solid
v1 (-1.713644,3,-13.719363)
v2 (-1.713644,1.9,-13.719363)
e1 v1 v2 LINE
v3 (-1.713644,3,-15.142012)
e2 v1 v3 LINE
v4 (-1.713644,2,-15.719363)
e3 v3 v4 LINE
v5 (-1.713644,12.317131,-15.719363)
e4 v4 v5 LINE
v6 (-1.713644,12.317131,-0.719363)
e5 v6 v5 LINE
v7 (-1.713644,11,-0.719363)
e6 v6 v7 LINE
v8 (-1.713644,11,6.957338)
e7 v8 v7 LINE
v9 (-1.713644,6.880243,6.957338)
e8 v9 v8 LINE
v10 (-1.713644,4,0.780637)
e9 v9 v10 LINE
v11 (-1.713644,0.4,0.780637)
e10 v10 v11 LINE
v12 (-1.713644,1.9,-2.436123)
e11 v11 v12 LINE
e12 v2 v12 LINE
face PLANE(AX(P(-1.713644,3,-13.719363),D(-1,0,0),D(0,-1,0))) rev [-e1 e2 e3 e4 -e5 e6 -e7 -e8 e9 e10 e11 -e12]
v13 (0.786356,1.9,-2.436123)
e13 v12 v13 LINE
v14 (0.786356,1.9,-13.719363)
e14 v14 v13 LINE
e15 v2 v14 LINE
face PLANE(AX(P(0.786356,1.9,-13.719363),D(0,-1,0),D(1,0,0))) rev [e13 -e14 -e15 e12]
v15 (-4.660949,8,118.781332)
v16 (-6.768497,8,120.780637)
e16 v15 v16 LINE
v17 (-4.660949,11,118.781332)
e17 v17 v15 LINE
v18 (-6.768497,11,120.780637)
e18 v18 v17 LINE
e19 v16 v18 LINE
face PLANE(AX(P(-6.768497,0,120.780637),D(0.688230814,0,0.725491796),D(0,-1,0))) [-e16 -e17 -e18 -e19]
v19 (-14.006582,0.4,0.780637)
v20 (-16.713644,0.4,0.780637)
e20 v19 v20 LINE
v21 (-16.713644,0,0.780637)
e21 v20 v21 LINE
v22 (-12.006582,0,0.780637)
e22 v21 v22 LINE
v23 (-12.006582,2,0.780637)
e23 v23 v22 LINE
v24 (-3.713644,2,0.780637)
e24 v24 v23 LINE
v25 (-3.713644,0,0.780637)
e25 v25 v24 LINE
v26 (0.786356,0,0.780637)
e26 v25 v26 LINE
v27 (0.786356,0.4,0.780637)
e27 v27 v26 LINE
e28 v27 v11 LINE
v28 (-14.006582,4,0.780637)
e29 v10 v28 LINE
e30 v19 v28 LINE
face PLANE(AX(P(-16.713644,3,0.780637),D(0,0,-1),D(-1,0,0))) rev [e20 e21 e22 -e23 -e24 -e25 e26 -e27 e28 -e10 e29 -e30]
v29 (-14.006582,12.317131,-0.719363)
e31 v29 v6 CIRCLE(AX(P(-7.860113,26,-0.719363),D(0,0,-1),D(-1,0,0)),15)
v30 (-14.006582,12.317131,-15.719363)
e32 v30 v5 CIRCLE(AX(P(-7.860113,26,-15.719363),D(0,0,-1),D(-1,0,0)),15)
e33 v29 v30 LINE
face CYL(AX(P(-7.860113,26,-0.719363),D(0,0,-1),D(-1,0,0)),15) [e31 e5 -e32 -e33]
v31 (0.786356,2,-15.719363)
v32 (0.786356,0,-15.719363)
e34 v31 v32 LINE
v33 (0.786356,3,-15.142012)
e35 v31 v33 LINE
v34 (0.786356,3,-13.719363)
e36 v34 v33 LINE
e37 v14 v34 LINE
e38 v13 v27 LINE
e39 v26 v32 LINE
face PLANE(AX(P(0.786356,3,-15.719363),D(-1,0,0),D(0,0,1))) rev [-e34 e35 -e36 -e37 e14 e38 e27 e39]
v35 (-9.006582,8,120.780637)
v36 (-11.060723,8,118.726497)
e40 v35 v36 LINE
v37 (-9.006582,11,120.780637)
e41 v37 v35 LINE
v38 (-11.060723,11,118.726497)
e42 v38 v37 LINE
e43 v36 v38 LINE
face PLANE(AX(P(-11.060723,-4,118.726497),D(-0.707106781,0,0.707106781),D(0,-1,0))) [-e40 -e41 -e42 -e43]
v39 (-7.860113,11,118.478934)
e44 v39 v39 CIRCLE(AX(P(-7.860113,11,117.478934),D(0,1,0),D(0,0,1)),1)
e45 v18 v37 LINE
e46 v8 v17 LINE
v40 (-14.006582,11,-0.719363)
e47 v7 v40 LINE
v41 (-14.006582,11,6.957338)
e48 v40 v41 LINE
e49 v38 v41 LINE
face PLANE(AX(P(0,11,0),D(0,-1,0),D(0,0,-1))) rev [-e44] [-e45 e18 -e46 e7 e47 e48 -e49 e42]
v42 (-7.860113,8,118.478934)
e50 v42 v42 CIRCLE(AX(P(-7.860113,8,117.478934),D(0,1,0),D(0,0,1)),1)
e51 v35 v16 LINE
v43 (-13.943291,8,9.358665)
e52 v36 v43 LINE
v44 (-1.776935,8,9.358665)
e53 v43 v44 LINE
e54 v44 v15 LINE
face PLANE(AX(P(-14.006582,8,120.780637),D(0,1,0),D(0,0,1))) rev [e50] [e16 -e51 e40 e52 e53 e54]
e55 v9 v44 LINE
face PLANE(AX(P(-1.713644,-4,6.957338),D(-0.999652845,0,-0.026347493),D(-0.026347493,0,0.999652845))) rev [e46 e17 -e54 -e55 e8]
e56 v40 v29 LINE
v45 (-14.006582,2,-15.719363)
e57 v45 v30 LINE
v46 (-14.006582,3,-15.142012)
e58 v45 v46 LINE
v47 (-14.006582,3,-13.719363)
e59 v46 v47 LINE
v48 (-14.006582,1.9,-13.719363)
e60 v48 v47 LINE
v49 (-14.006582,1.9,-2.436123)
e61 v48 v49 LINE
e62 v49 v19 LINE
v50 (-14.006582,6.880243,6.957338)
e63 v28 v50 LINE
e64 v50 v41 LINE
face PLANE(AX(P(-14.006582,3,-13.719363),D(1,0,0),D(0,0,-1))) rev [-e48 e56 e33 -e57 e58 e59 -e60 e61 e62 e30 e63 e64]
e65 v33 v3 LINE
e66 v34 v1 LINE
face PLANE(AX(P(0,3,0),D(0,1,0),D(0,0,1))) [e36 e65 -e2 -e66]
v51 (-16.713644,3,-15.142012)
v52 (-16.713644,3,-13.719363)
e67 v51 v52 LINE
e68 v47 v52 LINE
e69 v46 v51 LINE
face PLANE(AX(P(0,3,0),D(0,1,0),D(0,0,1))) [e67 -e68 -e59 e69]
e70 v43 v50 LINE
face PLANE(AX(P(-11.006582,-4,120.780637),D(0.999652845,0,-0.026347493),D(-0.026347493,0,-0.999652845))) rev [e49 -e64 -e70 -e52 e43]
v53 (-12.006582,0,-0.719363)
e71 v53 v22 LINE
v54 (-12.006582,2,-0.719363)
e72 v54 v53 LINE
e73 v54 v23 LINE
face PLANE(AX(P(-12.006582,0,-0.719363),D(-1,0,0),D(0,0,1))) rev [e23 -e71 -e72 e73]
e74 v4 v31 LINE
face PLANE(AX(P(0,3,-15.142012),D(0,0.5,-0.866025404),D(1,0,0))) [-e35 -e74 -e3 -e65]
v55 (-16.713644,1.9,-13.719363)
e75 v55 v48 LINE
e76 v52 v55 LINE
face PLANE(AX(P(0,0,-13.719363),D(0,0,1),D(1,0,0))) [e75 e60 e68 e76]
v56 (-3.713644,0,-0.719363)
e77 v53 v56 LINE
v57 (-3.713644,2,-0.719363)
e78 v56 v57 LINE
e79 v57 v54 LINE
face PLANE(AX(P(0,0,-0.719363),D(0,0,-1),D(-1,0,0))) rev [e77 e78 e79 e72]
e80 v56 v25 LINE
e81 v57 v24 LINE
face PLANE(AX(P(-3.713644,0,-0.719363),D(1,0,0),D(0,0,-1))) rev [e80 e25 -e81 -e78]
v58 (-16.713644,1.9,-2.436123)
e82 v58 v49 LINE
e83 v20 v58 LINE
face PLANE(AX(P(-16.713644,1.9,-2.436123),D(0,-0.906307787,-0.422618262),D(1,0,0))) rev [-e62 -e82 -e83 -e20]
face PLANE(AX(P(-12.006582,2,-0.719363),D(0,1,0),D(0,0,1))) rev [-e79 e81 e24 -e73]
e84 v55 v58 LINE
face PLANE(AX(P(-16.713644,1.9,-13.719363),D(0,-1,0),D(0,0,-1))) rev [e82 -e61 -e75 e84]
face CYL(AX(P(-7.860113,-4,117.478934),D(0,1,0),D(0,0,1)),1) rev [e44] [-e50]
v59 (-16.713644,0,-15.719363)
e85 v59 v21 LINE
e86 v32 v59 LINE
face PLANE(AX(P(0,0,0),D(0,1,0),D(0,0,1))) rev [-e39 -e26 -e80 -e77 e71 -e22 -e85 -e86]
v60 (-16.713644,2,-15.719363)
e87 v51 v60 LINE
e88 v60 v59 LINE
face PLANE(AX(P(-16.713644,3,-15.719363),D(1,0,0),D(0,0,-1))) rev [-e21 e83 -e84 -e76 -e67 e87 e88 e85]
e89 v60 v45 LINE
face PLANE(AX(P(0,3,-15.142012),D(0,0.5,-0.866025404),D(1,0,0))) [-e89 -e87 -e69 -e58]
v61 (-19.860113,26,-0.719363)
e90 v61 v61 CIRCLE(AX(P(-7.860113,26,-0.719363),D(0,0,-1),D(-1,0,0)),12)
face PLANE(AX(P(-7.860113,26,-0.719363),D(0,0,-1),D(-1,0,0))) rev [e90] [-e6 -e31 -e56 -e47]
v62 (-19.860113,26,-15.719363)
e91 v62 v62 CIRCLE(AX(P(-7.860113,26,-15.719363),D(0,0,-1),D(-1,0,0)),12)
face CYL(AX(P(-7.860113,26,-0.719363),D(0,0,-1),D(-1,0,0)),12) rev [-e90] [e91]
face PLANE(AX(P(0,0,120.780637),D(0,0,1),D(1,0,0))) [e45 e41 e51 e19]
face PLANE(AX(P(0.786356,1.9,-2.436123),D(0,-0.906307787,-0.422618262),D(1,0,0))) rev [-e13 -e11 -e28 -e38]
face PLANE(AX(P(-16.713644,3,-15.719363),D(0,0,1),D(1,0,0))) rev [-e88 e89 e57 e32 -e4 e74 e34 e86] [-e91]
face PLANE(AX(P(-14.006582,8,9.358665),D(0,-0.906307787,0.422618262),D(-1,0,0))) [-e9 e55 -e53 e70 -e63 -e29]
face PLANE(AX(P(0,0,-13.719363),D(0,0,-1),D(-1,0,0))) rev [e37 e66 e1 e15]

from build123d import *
from OCP.BRepFilletAPI import BRepFilletAPI_MakeChamfer

# Parameters (mm, degrees)
SKETCH1_W           = 17.5
SKETCH1_H           = 16.5
BOSS_EXTRUDE1_DEPTH = 3
SKETCH2_W           = 2.707061395
SKETCH2_H           = 1.1
SKETCH2_W_2         = 2.5
CUT_EXTRUDE1_DEPTH  = 14.5
CHAMFER1_SIZE       = 1.5
CHAMFER1_SIZE2      = 3.216760381
CHAMFER2_SIZE       = 1
CHAMFER2_SIZE2      = 0.577350269
SKETCH3_W           = 12.292938605
SKETCH3_H           = 15.922649731
BOSS_EXTRUDE2_DEPTH = 8
SKETCH4_W           = 12.292938605
SKETCH4_H           = 3
BOSS_EXTRUDE3_DEPTH = 120
CHAMFER3_SIZE       = 4
CHAMFER3_SIZE2      = 8.578027682
SKETCH5_W           = 12.292938605
SKETCH5_H           = 0.577350269
BOSS_EXTRUDE4_DEPTH = 10
SKETCH6_R           = 12
BOSS_EXTRUDE7_DEPTH = 15
CUT_EXTRUDE3_DEPTH  = 15
SKETCH10_R          = 1
CUT_EXTRUDE4_DEPTH  = 15
CHAMFER5_SIZE       = 2
CHAMFER5_SIZE2      = 2.054853594
SKETCH11_W          = 8.292938605
SKETCH11_H          = 2
CUT_EXTRUDE5_DEPTH  = 1.5


with BuildPart() as part:
    # Sketch1 → Boss-Extrude1 (new body)
    with BuildSketch(Plane(origin=(0, 0, 0), x_dir=(1, 0, 0), z_dir=(0, 1, 0))):
        with Locations((-7.963643791, 7.469362745)):
            Rectangle(SKETCH1_W, SKETCH1_H)
    extrude(amount=BOSS_EXTRUDE1_DEPTH)

    # Sketch2 → Cut-Extrude1 (cut)
    with BuildSketch(Plane.XY.offset(0.780637255)):
        with Locations((-15.360113094, 2.45)):
            Rectangle(SKETCH2_W, SKETCH2_H)
        with Locations((-0.463643791, 2.45)):
            Rectangle(SKETCH2_W_2, SKETCH2_H)
    extrude(amount=-CUT_EXTRUDE1_DEPTH, mode=Mode.SUBTRACT)

    # Chamfer1
    chamfer1_edges = [part.edges().sort_by_distance(p)[0] for p in [
        (-15.360113093, 1.9, 0.780637255),
        (-0.463643791, 1.9, 0.780637255),
    ]]
    chamfer1_side = [part.faces().sort_by_distance(p)[0] for p in [
        (-7.933712225, 1.383662189, 0.780637255),
    ]]
    chamfer(chamfer1_edges, length=CHAMFER1_SIZE, length2=CHAMFER1_SIZE2, reference=chamfer1_side[0])

    # Chamfer2
    chamfer2_edges = [part.edges().sort_by_distance(p)[0] for p in [
        (-7.963643791, 3, -15.719362745),
    ]]
    chamfer2_side = [part.faces().sort_by_distance(p)[0] for p in [
        (-7.963643791, 1.5, -15.719362745),
    ]]
    chamfer(chamfer2_edges, length=CHAMFER2_SIZE, length2=CHAMFER2_SIZE2, reference=chamfer2_side[0])

    # Sketch3 → Boss-Extrude2 (add)
    with BuildSketch(Plane(origin=(0, 3, 0), x_dir=(1, 0, 0), z_dir=(0, 1, 0))):
        with Locations((-7.860113094, 7.180687611)):
            Rectangle(SKETCH3_W, SKETCH3_H)
    extrude(amount=BOSS_EXTRUDE2_DEPTH)

    # Sketch4 → Boss-Extrude3 (add)
    with BuildSketch(Plane.XY.offset(0.780637255)):
        with Locations((-7.860113094, 9.5)):
            Rectangle(SKETCH4_W, SKETCH4_H)
    extrude(amount=BOSS_EXTRUDE3_DEPTH)

    # Chamfer3
    chamfer3_edges = [part.edges().sort_by_distance(p)[0] for p in [
        (-7.860113093, 8, 0.780637255),
    ]]
    chamfer3_side = [part.faces().sort_by_distance(p)[0] for p in [
        (-7.867329476, 3.921188666, 0.780637255),
    ]]
    chamfer(chamfer3_edges, length=CHAMFER3_SIZE, length2=CHAMFER3_SIZE2, reference=chamfer3_side[0])

    # Sketch5 → Boss-Extrude4 (add)
    with BuildSketch(Plane(origin=(0, 11, 0), x_dir=(1, 0, 0), z_dir=(0, 1, 0))):
        with Locations((-7.860113094, 15.430687611)):
            Rectangle(SKETCH5_W, SKETCH5_H)
    extrude(amount=-BOSS_EXTRUDE4_DEPTH)

    # Sketch6 → Boss-Extrude7 (add)
    with BuildSketch(Plane(origin=(0, 0, -15.719362745), x_dir=(-1, 0, 0), z_dir=(0, 0, -1))):
        with BuildLine():
            Line((1.713643791, 11), (14.006582396, 11))
            Line((14.006582396, 11), (14.006582396, 12.317130596))
            ThreePointArc((14.006582396, 12.317130596), (7.860113093, 41), (1.713643791, 12.317130596))
            Line((1.713643791, 12.317130596), (1.713643791, 11))
        make_face()
        with Locations((7.860113093, 26)):
            Circle(SKETCH6_R, mode=Mode.SUBTRACT)
    extrude(amount=-BOSS_EXTRUDE7_DEPTH)

    # Sketch7 → Cut-Extrude3 (cut)
    with BuildSketch(Plane(origin=(0, 11, 0), x_dir=(1, 0, 0), z_dir=(0, 1, 0))):
        Polygon((-11.006582396, -120.780637255), (-14.006582396, -6.957338355), (-14.006582396, -120.780637255), align=None)
        Polygon((-4.713643791, -120.780637255), (-1.713643791, -120.780637255), (-1.713643791, -6.957338355), align=None)
    extrude(amount=-CUT_EXTRUDE3_DEPTH, mode=Mode.SUBTRACT)

    # Sketch10 → Cut-Extrude4 (cut)
    with BuildSketch(Plane(origin=(0, 11, 0), x_dir=(1, 0, 0), z_dir=(0, 1, 0))):
        with Locations(Location((-7.860113093, -117.478934199, 0), (0, 0, 270))):
            Circle(SKETCH10_R)
    extrude(amount=-CUT_EXTRUDE4_DEPTH, mode=Mode.SUBTRACT)

    # Chamfer5: one chamfer whose edges measure the first distance from different faces: ONE call of the kernel's chamfer builder (chamfer() names one face for all edges)
    chamfer5_edges_1 = [part.edges().sort_by_distance(p)[0] for p in [
        (-11.006582396, 9.5, 120.780637255),
    ]]
    chamfer5_side_1 = [part.faces().sort_by_distance(p)[0] for p in [
        (-7.860113093, 9.5, 120.780637255),
    ]]
    chamfer5_edges_2 = [part.edges().sort_by_distance(p)[0] for p in [
        (-4.713643791, 9.5, 120.780637255),
    ]]
    chamfer5_side_2 = [part.faces().sort_by_distance(p)[0] for p in [
        (-3.207843821, 9.492653469, 63.64893058),
    ]]
    chamfer5 = BRepFilletAPI_MakeChamfer(part.part.solid().wrapped)
    for e in chamfer5_edges_1:
        chamfer5.Add(CHAMFER5_SIZE, CHAMFER5_SIZE2, e.wrapped, chamfer5_side_1[0].wrapped)  # the first distance lies on this face
    for e in chamfer5_edges_2:
        chamfer5.Add(CHAMFER5_SIZE, CHAMFER5_SIZE2, e.wrapped, chamfer5_side_2[0].wrapped)  # the first distance lies on this face
    add(Compound.cast(chamfer5.Shape()), mode=Mode.REPLACE)

    # Sketch11 → Cut-Extrude5 (cut)
    with BuildSketch(Plane.XY.offset(0.780637255)):
        with Locations((-7.860113094, 1)):
            Rectangle(SKETCH11_W, SKETCH11_H)
    extrude(amount=-CUT_EXTRUDE5_DEPTH, mode=Mode.SUBTRACT)


solid = part.part
